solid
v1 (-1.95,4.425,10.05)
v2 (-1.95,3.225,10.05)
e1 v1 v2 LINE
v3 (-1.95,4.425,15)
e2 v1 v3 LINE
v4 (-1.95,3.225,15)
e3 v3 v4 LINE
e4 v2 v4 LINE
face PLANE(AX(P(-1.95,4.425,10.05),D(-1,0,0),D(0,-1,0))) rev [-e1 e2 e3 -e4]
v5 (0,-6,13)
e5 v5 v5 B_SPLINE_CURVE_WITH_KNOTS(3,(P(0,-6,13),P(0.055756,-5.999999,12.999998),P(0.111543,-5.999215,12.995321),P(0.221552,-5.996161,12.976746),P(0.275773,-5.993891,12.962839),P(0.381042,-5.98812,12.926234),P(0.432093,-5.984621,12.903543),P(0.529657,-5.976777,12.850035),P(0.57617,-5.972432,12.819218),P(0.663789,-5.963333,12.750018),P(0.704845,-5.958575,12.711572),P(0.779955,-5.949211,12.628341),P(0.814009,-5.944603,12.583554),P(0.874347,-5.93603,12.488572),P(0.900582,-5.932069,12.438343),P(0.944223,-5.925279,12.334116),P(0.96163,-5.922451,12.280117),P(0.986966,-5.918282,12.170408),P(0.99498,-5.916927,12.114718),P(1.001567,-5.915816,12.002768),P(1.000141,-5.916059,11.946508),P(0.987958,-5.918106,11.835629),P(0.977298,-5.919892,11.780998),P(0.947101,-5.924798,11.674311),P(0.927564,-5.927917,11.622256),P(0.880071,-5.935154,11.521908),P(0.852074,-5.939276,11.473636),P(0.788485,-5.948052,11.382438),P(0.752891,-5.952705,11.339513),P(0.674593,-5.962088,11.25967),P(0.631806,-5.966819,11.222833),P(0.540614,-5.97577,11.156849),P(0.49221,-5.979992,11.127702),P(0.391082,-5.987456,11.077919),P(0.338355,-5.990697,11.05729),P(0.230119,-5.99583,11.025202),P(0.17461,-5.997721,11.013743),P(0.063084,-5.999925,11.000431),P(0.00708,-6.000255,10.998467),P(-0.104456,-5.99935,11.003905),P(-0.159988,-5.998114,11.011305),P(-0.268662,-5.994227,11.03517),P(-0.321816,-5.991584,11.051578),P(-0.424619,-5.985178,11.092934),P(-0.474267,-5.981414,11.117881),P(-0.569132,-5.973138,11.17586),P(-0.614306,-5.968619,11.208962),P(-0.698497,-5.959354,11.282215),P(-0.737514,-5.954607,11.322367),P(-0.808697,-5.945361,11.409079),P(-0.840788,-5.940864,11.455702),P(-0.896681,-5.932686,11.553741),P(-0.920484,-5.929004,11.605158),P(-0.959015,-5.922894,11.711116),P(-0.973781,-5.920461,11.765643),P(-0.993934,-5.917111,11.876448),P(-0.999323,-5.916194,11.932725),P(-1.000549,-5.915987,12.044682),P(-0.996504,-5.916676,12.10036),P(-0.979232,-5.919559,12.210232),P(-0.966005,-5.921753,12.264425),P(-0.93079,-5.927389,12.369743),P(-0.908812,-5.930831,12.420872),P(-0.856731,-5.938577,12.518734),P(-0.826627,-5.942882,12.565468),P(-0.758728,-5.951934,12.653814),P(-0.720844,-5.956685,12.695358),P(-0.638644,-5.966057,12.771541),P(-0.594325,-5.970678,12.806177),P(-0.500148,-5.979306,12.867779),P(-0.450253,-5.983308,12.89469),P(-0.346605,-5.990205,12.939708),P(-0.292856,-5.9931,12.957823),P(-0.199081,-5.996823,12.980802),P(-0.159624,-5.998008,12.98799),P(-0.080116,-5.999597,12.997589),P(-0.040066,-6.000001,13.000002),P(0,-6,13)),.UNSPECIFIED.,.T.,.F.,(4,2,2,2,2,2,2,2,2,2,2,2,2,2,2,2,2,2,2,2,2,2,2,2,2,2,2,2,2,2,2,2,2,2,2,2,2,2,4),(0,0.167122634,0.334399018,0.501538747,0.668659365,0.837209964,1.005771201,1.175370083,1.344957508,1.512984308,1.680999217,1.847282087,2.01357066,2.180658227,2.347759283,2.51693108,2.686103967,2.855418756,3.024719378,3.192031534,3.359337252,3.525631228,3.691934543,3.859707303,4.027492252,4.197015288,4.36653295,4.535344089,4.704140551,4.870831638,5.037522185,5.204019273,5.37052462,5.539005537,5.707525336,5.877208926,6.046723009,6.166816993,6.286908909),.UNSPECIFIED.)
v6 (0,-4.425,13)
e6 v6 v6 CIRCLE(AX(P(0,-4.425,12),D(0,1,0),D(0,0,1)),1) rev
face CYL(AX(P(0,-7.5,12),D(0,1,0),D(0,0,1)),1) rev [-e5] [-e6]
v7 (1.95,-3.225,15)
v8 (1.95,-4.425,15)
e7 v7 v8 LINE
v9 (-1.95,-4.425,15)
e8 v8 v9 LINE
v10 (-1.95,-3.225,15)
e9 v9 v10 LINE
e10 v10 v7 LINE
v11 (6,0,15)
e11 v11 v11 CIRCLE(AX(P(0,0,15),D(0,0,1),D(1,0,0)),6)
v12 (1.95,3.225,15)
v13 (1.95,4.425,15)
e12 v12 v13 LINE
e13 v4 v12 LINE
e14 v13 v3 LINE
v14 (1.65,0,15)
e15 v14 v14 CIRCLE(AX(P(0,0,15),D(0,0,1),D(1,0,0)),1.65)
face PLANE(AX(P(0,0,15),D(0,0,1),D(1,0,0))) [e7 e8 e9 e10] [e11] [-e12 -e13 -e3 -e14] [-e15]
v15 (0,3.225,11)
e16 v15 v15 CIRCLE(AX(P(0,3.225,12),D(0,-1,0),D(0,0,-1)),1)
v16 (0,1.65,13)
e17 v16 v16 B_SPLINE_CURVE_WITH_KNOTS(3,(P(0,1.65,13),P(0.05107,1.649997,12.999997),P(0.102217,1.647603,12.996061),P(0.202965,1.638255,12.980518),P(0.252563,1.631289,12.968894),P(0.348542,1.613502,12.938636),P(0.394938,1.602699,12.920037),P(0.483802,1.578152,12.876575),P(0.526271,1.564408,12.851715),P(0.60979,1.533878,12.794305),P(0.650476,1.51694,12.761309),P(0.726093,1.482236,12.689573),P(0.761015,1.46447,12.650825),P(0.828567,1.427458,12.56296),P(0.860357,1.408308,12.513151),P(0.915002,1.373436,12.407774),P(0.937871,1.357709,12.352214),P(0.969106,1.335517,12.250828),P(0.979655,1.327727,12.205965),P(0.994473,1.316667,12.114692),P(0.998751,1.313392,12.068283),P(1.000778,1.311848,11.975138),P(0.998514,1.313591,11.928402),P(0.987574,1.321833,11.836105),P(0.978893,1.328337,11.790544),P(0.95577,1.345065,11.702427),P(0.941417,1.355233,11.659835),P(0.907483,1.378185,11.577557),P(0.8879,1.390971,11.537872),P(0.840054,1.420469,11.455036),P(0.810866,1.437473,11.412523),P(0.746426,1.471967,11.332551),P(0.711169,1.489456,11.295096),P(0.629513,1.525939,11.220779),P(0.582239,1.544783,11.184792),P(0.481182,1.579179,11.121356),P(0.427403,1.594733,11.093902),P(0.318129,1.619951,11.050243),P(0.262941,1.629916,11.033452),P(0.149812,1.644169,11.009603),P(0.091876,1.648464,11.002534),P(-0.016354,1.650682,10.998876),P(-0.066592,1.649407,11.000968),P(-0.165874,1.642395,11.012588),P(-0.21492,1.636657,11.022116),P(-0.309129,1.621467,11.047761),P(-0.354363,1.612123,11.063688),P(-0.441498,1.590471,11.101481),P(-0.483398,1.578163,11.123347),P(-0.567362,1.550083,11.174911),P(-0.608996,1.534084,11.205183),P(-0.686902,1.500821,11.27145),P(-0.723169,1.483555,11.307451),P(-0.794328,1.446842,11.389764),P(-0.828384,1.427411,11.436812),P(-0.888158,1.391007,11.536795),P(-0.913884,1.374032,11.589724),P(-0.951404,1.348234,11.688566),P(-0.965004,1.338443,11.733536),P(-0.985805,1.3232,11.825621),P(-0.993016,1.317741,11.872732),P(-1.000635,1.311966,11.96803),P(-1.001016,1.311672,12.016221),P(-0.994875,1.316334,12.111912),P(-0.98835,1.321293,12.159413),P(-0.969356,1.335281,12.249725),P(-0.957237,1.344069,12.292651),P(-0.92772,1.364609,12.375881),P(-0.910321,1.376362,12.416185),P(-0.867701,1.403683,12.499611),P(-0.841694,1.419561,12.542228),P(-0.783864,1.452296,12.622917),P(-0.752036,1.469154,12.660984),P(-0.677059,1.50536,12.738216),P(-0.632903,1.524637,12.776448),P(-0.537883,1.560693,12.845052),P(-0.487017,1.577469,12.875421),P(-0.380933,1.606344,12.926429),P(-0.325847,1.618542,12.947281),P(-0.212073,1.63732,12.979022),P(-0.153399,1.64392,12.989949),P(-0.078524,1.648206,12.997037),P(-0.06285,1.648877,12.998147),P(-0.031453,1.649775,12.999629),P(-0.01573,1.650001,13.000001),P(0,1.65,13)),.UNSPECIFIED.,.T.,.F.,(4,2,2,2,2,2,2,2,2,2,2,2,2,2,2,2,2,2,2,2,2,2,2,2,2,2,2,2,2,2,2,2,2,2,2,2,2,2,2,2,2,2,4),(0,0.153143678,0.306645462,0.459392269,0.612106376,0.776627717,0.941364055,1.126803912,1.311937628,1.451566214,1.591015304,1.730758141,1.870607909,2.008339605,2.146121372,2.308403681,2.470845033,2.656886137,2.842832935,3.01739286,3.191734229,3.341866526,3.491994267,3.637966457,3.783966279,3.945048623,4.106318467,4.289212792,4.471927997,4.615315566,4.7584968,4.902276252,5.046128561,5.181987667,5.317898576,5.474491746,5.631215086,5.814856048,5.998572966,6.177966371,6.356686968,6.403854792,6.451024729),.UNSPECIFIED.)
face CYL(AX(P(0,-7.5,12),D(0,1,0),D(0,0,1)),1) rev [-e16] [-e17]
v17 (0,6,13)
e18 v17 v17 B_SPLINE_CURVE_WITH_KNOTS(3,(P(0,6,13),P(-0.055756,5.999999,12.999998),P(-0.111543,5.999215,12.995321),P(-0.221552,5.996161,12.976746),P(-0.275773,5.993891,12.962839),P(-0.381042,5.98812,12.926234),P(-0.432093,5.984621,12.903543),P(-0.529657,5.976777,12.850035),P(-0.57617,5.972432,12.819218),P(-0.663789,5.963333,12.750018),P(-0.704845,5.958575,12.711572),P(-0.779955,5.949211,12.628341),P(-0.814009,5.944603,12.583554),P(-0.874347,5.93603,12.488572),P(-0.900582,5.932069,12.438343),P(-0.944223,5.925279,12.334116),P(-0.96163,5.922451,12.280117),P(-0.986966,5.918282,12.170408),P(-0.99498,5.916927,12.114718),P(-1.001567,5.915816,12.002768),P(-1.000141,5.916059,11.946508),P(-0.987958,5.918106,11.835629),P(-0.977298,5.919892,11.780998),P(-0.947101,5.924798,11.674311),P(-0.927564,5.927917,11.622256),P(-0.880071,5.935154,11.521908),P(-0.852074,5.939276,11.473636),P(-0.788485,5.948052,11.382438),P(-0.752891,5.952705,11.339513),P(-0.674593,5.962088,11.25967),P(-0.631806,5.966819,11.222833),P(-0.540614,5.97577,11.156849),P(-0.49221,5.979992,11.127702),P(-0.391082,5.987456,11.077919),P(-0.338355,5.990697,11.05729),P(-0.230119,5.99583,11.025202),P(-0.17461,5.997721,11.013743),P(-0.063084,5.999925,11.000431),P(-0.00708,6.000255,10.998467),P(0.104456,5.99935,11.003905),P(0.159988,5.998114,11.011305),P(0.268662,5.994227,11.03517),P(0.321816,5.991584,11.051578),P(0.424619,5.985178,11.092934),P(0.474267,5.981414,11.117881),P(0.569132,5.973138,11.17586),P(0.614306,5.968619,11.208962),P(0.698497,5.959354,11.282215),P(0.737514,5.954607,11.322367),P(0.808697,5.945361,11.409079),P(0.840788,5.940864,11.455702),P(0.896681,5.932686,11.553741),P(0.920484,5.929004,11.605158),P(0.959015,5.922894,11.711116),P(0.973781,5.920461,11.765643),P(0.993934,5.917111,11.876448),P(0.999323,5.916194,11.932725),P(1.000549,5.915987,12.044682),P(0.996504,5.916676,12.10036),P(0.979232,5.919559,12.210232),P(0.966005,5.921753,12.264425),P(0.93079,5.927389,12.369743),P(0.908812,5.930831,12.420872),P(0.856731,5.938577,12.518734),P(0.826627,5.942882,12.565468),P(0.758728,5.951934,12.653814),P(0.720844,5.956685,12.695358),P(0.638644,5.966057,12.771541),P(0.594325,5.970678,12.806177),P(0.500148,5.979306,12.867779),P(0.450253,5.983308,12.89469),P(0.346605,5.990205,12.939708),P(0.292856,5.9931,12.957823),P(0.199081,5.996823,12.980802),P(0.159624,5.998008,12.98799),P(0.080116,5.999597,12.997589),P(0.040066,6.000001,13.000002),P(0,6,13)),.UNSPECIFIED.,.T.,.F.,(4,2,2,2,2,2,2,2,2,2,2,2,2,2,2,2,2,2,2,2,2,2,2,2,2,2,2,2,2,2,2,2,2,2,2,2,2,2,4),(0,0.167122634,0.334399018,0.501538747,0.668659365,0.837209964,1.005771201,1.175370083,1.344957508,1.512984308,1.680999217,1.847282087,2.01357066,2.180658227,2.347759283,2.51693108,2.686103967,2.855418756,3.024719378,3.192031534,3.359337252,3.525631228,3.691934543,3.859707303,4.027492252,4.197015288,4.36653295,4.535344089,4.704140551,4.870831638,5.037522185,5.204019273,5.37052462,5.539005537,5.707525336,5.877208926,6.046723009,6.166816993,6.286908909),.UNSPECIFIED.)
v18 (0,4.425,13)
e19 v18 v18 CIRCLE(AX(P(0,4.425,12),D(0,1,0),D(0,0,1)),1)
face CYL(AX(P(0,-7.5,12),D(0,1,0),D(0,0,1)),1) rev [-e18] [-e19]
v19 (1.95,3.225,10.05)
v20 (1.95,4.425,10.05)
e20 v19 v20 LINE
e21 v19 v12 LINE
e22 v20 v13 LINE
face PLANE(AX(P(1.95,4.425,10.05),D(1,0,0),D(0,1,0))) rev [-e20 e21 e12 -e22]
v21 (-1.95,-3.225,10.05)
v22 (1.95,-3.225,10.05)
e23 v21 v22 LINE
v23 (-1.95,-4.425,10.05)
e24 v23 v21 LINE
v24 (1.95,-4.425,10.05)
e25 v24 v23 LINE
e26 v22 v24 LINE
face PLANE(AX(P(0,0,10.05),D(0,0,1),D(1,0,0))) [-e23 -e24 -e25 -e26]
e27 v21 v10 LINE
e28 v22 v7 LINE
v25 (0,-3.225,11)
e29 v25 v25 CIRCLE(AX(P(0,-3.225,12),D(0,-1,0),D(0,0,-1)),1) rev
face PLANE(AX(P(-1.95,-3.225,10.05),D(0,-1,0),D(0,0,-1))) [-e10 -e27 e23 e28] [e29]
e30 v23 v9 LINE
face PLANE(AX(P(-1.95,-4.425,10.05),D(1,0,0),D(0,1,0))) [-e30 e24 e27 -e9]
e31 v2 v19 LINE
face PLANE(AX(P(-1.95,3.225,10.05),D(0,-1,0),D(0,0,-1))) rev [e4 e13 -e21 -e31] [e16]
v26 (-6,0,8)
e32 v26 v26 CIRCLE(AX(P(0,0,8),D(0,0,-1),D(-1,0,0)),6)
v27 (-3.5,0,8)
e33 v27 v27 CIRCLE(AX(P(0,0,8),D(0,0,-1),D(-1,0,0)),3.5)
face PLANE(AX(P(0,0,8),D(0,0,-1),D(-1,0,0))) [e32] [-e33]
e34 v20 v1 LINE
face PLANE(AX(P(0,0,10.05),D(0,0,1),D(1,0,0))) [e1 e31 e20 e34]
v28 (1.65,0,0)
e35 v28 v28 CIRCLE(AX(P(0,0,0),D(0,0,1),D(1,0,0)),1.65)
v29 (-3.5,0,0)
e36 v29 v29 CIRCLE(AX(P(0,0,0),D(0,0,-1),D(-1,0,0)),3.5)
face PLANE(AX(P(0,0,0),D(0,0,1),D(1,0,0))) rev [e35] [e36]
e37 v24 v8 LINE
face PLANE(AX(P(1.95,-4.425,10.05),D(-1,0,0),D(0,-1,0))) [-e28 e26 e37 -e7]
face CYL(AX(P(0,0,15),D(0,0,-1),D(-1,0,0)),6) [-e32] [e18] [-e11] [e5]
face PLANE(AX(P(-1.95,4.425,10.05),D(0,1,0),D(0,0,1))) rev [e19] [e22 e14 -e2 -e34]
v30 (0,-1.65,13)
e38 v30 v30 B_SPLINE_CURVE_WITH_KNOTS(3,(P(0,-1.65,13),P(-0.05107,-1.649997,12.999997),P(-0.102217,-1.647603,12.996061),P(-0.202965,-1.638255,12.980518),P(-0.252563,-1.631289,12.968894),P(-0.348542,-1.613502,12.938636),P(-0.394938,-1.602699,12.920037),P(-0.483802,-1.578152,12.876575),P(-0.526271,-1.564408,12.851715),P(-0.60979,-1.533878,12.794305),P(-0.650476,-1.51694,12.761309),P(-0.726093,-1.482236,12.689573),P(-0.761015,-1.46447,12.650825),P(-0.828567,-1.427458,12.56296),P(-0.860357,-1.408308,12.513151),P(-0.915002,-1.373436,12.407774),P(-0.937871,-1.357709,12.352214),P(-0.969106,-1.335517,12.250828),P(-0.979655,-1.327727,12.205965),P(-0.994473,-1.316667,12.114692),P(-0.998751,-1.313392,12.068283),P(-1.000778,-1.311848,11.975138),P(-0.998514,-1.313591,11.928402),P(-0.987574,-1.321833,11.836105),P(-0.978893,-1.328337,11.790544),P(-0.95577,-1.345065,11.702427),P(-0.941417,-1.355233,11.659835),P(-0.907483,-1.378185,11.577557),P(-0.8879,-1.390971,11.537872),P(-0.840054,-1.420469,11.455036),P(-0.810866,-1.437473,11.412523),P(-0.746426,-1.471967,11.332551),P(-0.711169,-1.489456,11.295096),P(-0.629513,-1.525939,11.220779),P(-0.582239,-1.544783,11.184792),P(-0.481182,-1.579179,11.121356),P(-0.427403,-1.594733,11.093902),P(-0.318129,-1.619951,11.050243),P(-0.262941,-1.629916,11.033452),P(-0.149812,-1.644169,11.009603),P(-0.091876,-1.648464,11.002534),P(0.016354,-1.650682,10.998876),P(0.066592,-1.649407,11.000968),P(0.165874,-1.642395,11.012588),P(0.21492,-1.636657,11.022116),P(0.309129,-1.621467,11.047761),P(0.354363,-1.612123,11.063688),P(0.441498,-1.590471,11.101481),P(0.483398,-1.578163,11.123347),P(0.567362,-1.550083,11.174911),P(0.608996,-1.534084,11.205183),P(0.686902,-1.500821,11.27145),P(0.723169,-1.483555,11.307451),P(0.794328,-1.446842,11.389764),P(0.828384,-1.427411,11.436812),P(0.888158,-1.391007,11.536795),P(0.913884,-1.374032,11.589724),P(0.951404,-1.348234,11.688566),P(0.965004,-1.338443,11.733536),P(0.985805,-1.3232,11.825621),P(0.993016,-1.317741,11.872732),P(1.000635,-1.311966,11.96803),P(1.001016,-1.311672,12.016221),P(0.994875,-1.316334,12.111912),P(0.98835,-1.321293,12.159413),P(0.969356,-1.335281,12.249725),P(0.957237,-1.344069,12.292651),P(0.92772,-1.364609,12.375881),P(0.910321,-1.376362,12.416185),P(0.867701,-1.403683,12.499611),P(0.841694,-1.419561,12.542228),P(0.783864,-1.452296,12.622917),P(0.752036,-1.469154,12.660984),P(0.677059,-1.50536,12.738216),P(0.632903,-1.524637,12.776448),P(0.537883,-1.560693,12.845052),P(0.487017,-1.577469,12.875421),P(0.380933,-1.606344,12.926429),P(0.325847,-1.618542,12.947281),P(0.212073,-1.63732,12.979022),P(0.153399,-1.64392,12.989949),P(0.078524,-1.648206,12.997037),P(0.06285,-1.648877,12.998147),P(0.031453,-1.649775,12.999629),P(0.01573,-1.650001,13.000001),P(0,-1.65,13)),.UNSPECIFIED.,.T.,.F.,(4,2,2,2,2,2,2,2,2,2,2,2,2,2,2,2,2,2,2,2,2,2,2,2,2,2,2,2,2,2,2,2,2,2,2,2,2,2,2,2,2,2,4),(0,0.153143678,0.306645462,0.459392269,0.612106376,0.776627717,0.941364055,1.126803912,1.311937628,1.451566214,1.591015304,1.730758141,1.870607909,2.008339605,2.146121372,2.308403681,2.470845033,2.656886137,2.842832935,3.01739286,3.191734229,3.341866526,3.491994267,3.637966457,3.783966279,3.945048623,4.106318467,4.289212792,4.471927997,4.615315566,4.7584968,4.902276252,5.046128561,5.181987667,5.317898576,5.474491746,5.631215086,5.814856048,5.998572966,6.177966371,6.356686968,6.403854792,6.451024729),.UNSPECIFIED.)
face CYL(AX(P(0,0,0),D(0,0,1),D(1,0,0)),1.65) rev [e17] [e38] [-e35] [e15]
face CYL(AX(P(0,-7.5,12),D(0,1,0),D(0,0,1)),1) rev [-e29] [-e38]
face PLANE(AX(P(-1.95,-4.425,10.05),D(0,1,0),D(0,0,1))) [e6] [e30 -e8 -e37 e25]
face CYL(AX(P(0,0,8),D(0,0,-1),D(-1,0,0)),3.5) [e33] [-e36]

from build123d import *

# Parameters (mm, degrees)
SKETCH1_R           = 6
BOSS_EXTRUDE1_DEPTH = 15
SKETCH2_R           = 1.65
CUT_EXTRUDE1_DEPTH  = 18.23368794
SKETCH13_W          = 3.9
SKETCH13_H          = 1.2
CUT_EXTRUDE6_DEPTH  = 4.95
SKETCH4_R           = 1
CUT_EXTRUDE7_DEPTH  = 7.5
SKETCH19_R          = 6
SKETCH19_R_2        = 5.5
SKETCH19_R_3        = 3.5
CUT_EXTRUDE12_DEPTH = 8


with BuildPart() as part:
    # Sketch1 → Boss-Extrude1 (new body)
    with BuildSketch(Plane.XY):
        Circle(SKETCH1_R)
    extrude(amount=BOSS_EXTRUDE1_DEPTH)

    # Sketch2 → Cut-Extrude1 (cut, through all)
    with BuildSketch(Plane.XY.offset(15)):
        Circle(SKETCH2_R)
    extrude(amount=-CUT_EXTRUDE1_DEPTH, mode=Mode.SUBTRACT)

    # Sketch13 → Cut-Extrude6 (cut)
    with BuildSketch(Plane.XY.offset(15)):
        with Locations((0, 3.825)):
            Rectangle(SKETCH13_W, SKETCH13_H)
    cut_extrude6 = extrude(amount=-CUT_EXTRUDE6_DEPTH, mode=Mode.SUBTRACT)

    # Sketch4 → Cut-Extrude7 (cut, symmetric)
    with BuildSketch(Plane(origin=(0, 0, 0), x_dir=(1, 0, 0), z_dir=(0, 1, 0))):
        with Locations(Location((0, -12, 0), (0, 0, 270))):
            Circle(SKETCH4_R)
    extrude(amount=CUT_EXTRUDE7_DEPTH, both=True, mode=Mode.SUBTRACT)

    # Mirror1: Cut-Extrude6 across plane
    add(cut_extrude6.mirror(Plane.ZX), mode=Mode.SUBTRACT)

    # Sketch19 → Cut-Extrude12 (cut)
    # profile 1 of 2: a face of its own
    with BuildSketch(Plane(origin=(0, 0, 0), x_dir=(-1, 0, 0), z_dir=(0, 0, -1))):
        Circle(SKETCH19_R)
        Circle(SKETCH19_R_2, mode=Mode.SUBTRACT)
    # profile 2 of 2: a face of its own
    with BuildSketch(Plane(origin=(0, 0, 0), x_dir=(-1, 0, 0), z_dir=(0, 0, -1))):
        Circle(SKETCH19_R_2)
        Circle(SKETCH19_R_3, mode=Mode.SUBTRACT)
    extrude(amount=-CUT_EXTRUDE12_DEPTH, mode=Mode.SUBTRACT)


solid = part.part
